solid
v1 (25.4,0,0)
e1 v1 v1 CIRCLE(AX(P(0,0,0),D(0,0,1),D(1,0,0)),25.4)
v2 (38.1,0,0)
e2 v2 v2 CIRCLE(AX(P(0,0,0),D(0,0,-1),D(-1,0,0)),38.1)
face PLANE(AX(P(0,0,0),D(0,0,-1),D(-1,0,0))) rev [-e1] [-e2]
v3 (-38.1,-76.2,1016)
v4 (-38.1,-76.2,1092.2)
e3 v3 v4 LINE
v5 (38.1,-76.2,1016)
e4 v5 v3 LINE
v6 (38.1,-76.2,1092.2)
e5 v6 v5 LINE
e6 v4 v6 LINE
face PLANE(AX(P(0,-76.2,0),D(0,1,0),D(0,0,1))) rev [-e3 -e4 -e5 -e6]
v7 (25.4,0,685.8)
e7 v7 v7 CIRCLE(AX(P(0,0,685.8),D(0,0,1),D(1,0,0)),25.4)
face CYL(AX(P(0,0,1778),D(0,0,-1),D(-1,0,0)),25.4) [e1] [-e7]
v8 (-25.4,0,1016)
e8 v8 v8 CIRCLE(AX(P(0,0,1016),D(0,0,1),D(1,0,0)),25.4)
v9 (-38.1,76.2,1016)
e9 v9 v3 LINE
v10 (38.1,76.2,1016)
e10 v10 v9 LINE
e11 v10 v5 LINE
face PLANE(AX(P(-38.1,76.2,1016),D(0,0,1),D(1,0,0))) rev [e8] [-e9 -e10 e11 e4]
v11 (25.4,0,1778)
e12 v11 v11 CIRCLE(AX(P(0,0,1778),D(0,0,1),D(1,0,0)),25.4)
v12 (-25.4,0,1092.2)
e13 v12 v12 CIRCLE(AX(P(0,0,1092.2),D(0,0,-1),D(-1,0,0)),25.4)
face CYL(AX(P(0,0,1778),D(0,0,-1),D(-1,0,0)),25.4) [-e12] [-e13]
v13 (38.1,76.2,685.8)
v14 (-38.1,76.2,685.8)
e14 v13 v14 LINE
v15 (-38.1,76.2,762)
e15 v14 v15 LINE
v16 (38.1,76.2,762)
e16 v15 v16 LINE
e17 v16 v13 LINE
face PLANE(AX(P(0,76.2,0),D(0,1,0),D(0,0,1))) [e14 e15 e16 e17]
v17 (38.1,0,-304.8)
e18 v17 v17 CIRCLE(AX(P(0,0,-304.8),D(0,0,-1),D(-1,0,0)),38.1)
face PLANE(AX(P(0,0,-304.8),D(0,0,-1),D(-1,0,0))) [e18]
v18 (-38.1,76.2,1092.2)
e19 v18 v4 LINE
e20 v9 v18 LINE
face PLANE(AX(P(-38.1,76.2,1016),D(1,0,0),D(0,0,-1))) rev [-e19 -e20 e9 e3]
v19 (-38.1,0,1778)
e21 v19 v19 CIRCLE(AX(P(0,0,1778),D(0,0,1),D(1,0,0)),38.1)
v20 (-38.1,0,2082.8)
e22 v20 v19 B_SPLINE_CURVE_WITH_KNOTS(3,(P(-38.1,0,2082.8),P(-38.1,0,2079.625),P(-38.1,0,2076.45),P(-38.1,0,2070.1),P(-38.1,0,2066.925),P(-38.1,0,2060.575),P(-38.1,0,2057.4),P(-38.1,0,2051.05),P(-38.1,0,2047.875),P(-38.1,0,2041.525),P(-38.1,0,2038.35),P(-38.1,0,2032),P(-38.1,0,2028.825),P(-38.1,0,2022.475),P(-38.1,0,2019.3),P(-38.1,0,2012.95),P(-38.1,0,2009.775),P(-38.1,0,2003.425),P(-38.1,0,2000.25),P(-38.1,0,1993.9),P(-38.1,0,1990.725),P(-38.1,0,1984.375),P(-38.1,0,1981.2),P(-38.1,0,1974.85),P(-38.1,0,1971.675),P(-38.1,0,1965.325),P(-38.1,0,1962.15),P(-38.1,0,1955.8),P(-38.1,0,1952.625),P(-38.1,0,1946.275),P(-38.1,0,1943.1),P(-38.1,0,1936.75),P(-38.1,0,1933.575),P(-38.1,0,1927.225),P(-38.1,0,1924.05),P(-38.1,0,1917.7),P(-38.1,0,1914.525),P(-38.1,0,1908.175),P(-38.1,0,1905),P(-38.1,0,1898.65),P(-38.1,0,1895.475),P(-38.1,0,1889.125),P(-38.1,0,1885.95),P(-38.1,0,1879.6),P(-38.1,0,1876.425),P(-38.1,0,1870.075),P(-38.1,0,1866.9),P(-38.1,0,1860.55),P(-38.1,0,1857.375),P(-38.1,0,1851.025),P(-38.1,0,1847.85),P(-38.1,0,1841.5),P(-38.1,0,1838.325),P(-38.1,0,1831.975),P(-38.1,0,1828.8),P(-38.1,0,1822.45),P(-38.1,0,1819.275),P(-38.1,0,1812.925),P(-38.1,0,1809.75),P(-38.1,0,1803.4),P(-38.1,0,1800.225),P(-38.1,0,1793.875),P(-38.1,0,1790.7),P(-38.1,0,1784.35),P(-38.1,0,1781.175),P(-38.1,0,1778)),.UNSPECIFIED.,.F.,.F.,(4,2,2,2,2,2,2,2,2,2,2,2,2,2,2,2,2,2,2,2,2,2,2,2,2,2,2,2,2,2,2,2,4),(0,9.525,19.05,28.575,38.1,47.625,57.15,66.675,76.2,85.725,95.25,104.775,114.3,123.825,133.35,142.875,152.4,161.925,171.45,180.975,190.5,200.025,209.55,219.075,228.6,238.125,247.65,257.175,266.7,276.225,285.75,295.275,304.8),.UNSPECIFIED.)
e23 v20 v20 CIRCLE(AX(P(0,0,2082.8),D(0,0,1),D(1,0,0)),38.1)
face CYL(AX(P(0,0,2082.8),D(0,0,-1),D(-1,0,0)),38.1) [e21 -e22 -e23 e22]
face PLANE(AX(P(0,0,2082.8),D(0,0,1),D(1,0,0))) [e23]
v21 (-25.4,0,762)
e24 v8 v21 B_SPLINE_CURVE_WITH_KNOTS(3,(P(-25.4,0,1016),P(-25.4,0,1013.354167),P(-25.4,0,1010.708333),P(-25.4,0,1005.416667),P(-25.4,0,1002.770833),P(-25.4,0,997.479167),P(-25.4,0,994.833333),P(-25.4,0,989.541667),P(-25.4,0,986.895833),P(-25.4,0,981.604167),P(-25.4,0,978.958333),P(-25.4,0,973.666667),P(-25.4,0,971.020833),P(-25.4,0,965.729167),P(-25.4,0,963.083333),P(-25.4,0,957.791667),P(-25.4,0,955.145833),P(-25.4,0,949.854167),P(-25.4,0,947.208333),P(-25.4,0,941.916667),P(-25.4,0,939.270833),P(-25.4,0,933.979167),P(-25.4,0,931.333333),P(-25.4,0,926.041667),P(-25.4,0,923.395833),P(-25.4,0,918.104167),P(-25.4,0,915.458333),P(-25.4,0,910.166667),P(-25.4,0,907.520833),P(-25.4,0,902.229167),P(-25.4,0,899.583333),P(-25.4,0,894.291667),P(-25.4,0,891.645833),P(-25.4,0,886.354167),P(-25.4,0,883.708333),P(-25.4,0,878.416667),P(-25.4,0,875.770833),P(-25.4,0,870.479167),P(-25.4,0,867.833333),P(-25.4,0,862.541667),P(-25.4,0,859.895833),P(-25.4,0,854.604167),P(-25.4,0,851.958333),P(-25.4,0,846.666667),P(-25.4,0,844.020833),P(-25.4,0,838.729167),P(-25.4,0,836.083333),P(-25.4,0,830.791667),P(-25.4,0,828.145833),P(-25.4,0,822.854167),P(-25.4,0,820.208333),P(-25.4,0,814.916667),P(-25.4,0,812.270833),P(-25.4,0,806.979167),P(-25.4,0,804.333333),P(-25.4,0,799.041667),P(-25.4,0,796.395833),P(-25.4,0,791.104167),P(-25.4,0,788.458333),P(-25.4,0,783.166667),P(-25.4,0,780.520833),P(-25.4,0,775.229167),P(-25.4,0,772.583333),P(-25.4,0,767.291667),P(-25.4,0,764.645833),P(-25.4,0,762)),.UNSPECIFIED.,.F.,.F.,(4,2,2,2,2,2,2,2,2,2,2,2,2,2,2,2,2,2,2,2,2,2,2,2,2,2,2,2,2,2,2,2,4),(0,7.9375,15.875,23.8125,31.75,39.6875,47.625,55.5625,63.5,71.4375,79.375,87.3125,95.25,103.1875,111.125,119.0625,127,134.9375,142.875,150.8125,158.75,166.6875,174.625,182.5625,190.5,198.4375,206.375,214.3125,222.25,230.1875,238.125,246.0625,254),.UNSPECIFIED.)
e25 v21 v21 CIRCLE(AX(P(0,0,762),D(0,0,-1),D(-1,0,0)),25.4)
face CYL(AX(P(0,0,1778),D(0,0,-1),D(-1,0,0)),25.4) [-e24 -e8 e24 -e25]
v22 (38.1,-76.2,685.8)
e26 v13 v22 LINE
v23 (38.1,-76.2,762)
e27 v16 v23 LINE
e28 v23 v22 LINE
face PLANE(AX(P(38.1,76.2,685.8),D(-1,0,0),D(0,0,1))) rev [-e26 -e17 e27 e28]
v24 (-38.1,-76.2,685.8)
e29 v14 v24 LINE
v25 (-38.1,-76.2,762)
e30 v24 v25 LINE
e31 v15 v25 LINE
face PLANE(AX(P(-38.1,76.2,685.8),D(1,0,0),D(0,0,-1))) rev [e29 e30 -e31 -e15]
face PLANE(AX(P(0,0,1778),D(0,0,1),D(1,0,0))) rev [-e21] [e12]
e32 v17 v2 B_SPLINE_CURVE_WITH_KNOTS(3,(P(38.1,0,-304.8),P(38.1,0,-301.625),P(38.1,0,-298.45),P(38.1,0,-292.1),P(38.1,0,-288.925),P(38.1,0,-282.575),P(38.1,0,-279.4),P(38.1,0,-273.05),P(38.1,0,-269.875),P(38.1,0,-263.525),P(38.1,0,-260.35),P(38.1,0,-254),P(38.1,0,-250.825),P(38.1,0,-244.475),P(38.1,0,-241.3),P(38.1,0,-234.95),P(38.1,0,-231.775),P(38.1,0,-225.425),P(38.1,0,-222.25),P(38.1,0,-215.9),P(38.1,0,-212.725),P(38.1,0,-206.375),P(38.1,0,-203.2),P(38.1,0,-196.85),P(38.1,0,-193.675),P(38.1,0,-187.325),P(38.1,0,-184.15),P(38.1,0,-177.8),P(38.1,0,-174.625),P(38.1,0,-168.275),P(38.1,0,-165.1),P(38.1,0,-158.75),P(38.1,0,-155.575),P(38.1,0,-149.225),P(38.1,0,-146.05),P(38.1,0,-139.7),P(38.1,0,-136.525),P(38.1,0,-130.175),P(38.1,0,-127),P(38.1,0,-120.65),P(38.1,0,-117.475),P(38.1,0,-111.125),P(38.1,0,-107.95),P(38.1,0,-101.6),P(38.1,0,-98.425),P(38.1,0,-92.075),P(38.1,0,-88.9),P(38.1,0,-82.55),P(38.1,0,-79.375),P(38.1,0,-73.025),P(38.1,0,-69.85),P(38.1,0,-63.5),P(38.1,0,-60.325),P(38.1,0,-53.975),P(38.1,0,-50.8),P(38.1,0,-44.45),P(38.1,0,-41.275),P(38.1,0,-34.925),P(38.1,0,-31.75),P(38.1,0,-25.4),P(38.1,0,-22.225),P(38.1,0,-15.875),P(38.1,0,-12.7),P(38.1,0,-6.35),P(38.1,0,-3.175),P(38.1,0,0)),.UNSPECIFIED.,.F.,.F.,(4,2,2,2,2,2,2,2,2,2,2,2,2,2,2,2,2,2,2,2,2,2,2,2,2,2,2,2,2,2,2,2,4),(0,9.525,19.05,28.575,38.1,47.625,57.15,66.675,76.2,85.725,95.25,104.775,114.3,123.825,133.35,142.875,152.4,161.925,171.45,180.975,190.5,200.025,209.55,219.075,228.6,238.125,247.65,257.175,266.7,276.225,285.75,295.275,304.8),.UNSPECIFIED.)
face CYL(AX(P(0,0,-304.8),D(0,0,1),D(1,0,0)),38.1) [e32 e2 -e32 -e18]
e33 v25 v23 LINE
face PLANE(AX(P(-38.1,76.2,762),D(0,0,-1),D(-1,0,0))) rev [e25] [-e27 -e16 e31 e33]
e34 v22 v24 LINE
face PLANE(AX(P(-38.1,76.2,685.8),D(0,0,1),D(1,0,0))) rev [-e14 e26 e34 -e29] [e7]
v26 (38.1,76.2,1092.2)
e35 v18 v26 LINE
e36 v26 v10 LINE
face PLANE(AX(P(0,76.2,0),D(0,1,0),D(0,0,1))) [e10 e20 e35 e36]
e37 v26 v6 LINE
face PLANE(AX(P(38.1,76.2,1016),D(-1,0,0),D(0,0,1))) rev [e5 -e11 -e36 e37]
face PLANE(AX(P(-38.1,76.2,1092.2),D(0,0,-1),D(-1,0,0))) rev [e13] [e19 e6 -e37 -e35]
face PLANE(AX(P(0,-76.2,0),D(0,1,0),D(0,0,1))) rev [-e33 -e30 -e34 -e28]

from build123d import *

# Parameters (mm, degrees)
SKETCH1_R           = 25.4
BOSS_EXTRUDE1_DEPTH = 1778
SKETCH2_R           = 38.1
BOSS_EXTRUDE2_DEPTH = 304.8
BOSS_EXTRUDE3_START = 304.8
SKETCH3_R           = 38.1
BOSS_EXTRUDE3_DEPTH = 304.8
SKETCH4_W           = 76.2
SKETCH4_H           = 76.2
BOSS_EXTRUDE4_DEPTH = 76.2


with BuildPart() as part:
    # Sketch1 → Boss-Extrude1 (new body)
    with BuildSketch(Plane.XY):
        Circle(SKETCH1_R)
    extrude(amount=BOSS_EXTRUDE1_DEPTH)

    # Sketch2 → Boss-Extrude2 (add)
    with BuildSketch(Plane.XY.offset(1778)):
        with Locations(Location((0, 0, 0), (0, 0, 180))):
            Circle(SKETCH2_R)
    extrude(amount=BOSS_EXTRUDE2_DEPTH)

    # Sketch3 → Boss-Extrude3 (add)
    with BuildSketch(Plane(origin=(0, 0, 0), x_dir=(-1, 0, 0), z_dir=(0, 0, -1)).offset(BOSS_EXTRUDE3_START)):
        Circle(SKETCH3_R)
    extrude(amount=-BOSS_EXTRUDE3_DEPTH)

    # Sketch4 → Boss-Extrude4 (add, symmetric)
    with BuildSketch(Plane(origin=(0, 0, 0), x_dir=(1, 0, 0), z_dir=(0, 1, 0))):
        with Locations((0, -1054.1)):
            Rectangle(SKETCH4_W, SKETCH4_H)
        with Locations((0, -723.9)):
            Rectangle(SKETCH4_W, SKETCH4_H)
    extrude(amount=BOSS_EXTRUDE4_DEPTH, both=True)


solid = part.part
